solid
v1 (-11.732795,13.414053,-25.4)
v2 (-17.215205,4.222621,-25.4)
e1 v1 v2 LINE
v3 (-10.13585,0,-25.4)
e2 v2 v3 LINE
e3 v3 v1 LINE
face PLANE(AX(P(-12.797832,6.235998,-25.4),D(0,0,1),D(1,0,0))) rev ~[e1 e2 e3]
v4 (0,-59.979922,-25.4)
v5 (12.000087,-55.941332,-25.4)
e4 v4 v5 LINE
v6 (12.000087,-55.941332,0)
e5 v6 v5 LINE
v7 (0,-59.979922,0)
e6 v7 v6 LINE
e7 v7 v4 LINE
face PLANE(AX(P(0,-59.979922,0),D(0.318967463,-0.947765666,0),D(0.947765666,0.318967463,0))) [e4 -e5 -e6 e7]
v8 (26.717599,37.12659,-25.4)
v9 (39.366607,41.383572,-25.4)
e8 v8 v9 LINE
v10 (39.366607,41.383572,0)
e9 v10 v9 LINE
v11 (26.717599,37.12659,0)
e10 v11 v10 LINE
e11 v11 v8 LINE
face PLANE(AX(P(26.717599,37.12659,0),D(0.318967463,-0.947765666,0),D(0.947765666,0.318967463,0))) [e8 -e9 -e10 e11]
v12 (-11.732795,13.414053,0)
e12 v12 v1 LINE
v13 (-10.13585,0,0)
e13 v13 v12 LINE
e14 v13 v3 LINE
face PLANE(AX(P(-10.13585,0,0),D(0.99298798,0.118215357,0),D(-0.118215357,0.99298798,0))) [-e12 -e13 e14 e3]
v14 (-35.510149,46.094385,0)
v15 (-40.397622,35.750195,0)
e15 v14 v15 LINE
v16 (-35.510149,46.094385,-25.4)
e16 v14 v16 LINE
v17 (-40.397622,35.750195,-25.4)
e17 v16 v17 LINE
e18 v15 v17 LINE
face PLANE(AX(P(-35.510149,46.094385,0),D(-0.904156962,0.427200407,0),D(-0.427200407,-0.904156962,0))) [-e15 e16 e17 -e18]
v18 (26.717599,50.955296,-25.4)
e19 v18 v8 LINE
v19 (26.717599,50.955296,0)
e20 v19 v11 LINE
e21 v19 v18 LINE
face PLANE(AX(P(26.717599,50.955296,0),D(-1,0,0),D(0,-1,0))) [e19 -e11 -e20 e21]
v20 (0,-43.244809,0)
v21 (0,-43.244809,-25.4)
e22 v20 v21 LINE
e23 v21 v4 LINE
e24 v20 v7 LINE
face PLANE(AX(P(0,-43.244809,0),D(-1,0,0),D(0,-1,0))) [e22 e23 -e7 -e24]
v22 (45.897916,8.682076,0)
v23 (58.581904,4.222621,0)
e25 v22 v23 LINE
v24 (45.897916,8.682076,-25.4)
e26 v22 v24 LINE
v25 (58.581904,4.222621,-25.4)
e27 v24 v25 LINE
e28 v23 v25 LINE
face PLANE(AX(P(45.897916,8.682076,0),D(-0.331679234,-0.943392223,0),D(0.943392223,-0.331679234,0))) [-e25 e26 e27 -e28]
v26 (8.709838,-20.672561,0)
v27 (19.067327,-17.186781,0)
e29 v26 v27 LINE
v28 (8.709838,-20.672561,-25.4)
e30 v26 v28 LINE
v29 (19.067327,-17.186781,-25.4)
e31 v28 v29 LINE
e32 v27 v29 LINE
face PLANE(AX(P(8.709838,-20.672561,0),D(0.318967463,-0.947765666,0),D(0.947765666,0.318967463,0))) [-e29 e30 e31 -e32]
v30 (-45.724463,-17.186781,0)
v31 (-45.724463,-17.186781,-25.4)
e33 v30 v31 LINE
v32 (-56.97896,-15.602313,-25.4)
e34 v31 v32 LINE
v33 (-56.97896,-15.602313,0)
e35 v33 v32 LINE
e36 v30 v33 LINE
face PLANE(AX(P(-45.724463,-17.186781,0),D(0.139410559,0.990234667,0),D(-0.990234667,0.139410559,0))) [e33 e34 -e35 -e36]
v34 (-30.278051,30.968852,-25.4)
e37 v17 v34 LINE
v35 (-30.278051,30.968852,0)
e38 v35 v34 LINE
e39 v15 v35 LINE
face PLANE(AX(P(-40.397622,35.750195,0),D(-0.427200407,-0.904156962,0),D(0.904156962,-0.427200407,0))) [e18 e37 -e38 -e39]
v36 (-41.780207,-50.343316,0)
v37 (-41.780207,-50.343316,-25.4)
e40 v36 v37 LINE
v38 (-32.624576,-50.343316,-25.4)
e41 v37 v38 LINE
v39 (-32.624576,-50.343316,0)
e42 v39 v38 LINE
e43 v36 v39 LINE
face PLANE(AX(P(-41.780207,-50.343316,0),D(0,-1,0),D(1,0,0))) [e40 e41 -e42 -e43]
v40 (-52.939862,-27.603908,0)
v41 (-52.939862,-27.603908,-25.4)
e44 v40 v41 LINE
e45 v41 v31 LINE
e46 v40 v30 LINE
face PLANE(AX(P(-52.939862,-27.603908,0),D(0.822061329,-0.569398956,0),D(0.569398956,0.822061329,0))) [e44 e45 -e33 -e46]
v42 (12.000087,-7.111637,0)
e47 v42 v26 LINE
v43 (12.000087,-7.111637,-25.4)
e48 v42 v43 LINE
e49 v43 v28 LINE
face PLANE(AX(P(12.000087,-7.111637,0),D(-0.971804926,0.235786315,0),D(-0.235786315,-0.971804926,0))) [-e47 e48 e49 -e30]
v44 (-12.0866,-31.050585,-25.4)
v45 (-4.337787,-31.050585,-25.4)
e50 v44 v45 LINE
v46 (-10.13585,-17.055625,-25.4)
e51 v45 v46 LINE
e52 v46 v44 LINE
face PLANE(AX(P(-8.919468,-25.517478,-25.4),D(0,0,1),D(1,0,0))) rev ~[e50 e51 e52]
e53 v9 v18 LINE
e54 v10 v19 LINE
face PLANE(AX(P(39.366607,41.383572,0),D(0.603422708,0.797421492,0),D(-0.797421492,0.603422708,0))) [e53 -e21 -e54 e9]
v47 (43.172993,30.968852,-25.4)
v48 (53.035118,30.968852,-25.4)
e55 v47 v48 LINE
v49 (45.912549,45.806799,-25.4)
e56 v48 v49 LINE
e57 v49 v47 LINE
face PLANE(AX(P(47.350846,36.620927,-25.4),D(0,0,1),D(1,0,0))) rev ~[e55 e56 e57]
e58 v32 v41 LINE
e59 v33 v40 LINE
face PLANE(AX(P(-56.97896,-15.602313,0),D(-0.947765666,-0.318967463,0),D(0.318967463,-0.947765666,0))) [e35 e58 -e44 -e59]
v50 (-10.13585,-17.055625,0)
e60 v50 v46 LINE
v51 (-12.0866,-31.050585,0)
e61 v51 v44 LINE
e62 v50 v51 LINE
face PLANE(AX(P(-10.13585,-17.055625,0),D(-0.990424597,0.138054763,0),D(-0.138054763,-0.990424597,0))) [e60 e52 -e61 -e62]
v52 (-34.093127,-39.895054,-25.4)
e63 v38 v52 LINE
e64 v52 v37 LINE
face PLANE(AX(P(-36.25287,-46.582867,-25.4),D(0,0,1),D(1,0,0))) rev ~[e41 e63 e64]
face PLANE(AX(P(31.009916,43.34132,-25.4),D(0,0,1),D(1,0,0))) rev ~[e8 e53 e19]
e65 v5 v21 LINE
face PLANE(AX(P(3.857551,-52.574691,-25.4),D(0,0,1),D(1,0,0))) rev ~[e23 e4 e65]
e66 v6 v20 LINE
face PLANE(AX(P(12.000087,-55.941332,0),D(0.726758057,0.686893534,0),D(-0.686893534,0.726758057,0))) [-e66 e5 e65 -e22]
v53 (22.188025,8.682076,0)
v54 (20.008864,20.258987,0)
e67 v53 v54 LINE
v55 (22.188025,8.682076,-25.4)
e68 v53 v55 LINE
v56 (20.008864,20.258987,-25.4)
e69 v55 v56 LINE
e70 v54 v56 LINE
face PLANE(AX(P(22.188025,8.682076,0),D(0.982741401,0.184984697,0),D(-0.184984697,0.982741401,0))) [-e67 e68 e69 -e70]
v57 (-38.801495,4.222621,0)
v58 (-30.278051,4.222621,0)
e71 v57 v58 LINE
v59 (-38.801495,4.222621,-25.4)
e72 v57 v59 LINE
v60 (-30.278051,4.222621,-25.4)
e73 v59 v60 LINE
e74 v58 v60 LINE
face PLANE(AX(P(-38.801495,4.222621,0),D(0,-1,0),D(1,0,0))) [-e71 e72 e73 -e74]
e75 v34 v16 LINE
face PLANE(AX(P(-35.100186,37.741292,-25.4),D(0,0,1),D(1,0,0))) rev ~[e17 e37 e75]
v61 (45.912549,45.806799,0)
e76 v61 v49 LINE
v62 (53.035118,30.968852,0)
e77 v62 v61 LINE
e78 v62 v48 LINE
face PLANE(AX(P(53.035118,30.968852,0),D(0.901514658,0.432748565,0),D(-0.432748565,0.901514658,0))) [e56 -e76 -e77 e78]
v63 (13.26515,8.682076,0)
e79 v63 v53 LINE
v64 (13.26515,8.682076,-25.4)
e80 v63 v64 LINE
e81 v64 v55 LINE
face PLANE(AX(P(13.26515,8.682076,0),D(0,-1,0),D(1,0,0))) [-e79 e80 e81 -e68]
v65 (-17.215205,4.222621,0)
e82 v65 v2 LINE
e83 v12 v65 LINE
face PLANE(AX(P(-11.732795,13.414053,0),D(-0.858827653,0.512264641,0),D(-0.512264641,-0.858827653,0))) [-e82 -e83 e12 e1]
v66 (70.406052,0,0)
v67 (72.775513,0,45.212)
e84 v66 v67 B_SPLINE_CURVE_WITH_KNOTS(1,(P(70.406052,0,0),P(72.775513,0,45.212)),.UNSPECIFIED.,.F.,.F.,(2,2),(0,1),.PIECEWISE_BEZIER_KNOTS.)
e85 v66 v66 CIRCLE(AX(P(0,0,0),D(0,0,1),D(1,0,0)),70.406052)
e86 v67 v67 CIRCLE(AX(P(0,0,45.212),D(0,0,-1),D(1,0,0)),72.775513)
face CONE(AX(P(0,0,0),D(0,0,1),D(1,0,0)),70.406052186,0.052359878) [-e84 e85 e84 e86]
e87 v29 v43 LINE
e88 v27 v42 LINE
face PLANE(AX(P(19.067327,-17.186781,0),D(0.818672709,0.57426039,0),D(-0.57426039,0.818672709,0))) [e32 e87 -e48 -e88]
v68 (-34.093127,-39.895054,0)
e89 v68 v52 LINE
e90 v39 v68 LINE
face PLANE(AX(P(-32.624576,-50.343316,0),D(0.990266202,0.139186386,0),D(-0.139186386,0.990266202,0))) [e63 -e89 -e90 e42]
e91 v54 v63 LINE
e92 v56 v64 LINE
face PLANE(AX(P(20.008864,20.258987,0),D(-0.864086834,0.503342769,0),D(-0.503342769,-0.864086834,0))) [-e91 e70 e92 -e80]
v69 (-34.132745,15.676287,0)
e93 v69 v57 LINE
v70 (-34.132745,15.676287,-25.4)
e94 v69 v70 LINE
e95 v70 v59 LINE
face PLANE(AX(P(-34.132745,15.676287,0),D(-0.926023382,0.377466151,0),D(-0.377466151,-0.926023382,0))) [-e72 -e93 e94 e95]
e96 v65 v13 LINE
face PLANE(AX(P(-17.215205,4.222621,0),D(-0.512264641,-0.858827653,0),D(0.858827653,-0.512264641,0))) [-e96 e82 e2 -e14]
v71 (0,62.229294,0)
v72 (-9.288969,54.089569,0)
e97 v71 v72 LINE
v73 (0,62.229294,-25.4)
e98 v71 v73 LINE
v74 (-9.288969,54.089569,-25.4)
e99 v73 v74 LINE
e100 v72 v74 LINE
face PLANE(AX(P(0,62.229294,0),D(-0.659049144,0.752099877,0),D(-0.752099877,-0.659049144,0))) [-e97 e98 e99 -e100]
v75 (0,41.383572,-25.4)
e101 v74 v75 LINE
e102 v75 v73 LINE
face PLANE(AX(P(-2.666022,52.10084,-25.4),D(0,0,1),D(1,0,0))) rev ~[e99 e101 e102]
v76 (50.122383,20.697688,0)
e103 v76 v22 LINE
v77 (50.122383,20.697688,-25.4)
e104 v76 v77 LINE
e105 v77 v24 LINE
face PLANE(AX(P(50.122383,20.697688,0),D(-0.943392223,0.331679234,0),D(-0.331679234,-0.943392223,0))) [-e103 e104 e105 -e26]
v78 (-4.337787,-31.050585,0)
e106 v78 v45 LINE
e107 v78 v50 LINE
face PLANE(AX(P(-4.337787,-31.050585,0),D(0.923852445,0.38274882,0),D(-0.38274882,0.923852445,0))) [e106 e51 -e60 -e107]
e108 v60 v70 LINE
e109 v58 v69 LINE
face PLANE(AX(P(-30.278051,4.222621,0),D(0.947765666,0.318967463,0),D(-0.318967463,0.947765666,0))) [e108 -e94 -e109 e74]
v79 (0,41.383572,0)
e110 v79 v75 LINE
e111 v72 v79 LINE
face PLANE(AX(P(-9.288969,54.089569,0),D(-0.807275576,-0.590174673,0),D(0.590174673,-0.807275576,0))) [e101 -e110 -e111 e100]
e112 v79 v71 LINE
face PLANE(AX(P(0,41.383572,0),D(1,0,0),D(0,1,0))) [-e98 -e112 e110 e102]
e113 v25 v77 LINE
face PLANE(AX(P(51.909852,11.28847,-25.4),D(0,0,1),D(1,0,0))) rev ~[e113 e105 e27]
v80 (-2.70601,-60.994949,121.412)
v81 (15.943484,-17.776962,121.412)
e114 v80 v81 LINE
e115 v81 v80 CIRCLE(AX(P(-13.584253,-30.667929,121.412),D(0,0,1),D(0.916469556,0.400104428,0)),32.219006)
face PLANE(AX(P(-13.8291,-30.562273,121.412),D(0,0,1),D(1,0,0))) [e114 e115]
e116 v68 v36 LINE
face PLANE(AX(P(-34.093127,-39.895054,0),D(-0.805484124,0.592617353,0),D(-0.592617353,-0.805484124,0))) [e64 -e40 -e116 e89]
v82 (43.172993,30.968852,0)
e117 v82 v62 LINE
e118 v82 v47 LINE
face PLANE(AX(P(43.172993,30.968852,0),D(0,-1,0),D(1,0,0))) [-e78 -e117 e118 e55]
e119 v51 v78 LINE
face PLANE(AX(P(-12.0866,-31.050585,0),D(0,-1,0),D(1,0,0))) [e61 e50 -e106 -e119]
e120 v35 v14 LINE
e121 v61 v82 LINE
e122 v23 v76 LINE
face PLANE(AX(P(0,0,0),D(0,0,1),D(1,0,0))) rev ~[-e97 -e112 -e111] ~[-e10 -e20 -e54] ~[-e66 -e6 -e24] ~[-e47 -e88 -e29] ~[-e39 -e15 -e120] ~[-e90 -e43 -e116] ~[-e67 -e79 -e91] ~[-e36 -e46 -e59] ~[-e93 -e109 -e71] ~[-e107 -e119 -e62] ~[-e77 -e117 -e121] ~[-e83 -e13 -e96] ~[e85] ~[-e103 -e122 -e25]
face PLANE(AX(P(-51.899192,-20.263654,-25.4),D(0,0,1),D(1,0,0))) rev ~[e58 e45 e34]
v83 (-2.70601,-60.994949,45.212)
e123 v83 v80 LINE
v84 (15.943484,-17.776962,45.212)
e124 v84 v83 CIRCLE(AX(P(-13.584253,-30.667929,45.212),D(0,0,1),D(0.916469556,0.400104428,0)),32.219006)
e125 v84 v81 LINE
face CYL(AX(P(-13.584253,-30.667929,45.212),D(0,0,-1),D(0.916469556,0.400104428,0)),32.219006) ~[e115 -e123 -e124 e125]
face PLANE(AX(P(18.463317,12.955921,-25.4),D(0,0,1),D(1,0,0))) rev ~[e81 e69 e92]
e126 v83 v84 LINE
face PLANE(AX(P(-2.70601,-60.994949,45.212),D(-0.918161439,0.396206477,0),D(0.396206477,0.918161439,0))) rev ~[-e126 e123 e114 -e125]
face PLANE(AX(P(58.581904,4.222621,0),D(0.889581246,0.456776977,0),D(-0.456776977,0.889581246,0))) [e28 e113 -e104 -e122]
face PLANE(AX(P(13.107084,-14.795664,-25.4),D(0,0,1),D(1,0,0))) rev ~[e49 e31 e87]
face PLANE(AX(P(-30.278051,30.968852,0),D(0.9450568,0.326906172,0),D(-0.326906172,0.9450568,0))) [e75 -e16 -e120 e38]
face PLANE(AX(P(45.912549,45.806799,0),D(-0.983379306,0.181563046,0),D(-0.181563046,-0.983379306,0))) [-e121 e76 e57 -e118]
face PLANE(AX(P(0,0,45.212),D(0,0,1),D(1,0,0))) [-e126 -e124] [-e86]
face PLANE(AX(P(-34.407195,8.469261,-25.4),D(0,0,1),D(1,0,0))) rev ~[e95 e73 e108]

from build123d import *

# Parameters (mm, degrees)
F0_R     = 70.4060521859
F1_DEPTH = 45.212
F1_TAPER = -3
F4_DEPTH = 25.4
F6_DEPTH = 76.2


with BuildPart() as f1:
    # F0 (on Top) → F1 (new body)
    with BuildSketch(Plane.XY):
        Circle(F0_R)
    extrude(amount=F1_DEPTH, taper=F1_TAPER)

    # F3 (on face) → F4 (join)
    with BuildSketch(Plane.XY):
        Polygon((13.2651496679, 8.6820758879), (22.1880245954, 8.6820758879), (20.0088638812, 20.2589873224), align=None)
        Polygon((26.7175994813, 37.1265895665), (39.3666066229, 41.3835719228), (26.7175994813, 50.9552955627), align=None)
        Polygon((0, 41.3835719228), (0, 62.2292943299), (-9.2889685184, 54.0895685554), align=None)
        Polygon((-17.2152053565, 4.2226207443), (-10.1358499378, 0), (-11.7327948169, 13.4140530589), align=None)
        Polygon((-12.0866000652, -31.0505852103), (-4.3377871625, -31.0505852103), (-10.1358499378, -17.055625096), align=None)
        Polygon((0, -59.9799224224), (12.0000867173, -55.9413321316), (0, -43.2448089123), align=None)
        Polygon((45.8979159594, 8.6820758879), (58.5819035769, 4.2226207443), (50.1223825414, 20.6976876816), align=None)
        Polygon((-40.3976216912, 35.750195384), (-30.278051272, 30.9688523412), (-35.5101494777, 46.0943850381), align=None)
        Polygon((-52.9398620129, -27.6039075106), (-45.7244627178, -17.1867813915), (-56.9789598161, -15.6023127936), align=None)
        Polygon((8.7098376591, -20.6725607113), (19.0673265606, -17.1867813915), (12.0000867173, -7.1116369218), align=None)
        Polygon((-38.8014949858, 4.2226207443), (-30.278051272, 4.2226207443), (-34.1327454541, 15.676286782), align=None)
        Polygon((-41.7802073061, -50.3433160484), (-32.6245762408, -50.3433160484), (-34.0931266546, -39.8950539529), align=None)
        Polygon((43.1729927659, 30.9688523412), (53.0351176858, 30.9688523412), (45.9125488997, 45.8067990839), align=None)
    extrude(amount=-F4_DEPTH)

    # F5 (on face) → F6 (join)
    with BuildSketch(Plane.XY.offset(45.212)):
        with BuildLine():
            Line((-2.7060096618, -60.9949491918), (15.9434843808, -17.7769623697))
            ThreePointArc((15.9434843808, -17.7769623697), (-43.1665021025, -17.9025504898), (-2.7060096618, -60.9949491918))
        make_face()
    extrude(amount=F6_DEPTH)


solid = f1.part
